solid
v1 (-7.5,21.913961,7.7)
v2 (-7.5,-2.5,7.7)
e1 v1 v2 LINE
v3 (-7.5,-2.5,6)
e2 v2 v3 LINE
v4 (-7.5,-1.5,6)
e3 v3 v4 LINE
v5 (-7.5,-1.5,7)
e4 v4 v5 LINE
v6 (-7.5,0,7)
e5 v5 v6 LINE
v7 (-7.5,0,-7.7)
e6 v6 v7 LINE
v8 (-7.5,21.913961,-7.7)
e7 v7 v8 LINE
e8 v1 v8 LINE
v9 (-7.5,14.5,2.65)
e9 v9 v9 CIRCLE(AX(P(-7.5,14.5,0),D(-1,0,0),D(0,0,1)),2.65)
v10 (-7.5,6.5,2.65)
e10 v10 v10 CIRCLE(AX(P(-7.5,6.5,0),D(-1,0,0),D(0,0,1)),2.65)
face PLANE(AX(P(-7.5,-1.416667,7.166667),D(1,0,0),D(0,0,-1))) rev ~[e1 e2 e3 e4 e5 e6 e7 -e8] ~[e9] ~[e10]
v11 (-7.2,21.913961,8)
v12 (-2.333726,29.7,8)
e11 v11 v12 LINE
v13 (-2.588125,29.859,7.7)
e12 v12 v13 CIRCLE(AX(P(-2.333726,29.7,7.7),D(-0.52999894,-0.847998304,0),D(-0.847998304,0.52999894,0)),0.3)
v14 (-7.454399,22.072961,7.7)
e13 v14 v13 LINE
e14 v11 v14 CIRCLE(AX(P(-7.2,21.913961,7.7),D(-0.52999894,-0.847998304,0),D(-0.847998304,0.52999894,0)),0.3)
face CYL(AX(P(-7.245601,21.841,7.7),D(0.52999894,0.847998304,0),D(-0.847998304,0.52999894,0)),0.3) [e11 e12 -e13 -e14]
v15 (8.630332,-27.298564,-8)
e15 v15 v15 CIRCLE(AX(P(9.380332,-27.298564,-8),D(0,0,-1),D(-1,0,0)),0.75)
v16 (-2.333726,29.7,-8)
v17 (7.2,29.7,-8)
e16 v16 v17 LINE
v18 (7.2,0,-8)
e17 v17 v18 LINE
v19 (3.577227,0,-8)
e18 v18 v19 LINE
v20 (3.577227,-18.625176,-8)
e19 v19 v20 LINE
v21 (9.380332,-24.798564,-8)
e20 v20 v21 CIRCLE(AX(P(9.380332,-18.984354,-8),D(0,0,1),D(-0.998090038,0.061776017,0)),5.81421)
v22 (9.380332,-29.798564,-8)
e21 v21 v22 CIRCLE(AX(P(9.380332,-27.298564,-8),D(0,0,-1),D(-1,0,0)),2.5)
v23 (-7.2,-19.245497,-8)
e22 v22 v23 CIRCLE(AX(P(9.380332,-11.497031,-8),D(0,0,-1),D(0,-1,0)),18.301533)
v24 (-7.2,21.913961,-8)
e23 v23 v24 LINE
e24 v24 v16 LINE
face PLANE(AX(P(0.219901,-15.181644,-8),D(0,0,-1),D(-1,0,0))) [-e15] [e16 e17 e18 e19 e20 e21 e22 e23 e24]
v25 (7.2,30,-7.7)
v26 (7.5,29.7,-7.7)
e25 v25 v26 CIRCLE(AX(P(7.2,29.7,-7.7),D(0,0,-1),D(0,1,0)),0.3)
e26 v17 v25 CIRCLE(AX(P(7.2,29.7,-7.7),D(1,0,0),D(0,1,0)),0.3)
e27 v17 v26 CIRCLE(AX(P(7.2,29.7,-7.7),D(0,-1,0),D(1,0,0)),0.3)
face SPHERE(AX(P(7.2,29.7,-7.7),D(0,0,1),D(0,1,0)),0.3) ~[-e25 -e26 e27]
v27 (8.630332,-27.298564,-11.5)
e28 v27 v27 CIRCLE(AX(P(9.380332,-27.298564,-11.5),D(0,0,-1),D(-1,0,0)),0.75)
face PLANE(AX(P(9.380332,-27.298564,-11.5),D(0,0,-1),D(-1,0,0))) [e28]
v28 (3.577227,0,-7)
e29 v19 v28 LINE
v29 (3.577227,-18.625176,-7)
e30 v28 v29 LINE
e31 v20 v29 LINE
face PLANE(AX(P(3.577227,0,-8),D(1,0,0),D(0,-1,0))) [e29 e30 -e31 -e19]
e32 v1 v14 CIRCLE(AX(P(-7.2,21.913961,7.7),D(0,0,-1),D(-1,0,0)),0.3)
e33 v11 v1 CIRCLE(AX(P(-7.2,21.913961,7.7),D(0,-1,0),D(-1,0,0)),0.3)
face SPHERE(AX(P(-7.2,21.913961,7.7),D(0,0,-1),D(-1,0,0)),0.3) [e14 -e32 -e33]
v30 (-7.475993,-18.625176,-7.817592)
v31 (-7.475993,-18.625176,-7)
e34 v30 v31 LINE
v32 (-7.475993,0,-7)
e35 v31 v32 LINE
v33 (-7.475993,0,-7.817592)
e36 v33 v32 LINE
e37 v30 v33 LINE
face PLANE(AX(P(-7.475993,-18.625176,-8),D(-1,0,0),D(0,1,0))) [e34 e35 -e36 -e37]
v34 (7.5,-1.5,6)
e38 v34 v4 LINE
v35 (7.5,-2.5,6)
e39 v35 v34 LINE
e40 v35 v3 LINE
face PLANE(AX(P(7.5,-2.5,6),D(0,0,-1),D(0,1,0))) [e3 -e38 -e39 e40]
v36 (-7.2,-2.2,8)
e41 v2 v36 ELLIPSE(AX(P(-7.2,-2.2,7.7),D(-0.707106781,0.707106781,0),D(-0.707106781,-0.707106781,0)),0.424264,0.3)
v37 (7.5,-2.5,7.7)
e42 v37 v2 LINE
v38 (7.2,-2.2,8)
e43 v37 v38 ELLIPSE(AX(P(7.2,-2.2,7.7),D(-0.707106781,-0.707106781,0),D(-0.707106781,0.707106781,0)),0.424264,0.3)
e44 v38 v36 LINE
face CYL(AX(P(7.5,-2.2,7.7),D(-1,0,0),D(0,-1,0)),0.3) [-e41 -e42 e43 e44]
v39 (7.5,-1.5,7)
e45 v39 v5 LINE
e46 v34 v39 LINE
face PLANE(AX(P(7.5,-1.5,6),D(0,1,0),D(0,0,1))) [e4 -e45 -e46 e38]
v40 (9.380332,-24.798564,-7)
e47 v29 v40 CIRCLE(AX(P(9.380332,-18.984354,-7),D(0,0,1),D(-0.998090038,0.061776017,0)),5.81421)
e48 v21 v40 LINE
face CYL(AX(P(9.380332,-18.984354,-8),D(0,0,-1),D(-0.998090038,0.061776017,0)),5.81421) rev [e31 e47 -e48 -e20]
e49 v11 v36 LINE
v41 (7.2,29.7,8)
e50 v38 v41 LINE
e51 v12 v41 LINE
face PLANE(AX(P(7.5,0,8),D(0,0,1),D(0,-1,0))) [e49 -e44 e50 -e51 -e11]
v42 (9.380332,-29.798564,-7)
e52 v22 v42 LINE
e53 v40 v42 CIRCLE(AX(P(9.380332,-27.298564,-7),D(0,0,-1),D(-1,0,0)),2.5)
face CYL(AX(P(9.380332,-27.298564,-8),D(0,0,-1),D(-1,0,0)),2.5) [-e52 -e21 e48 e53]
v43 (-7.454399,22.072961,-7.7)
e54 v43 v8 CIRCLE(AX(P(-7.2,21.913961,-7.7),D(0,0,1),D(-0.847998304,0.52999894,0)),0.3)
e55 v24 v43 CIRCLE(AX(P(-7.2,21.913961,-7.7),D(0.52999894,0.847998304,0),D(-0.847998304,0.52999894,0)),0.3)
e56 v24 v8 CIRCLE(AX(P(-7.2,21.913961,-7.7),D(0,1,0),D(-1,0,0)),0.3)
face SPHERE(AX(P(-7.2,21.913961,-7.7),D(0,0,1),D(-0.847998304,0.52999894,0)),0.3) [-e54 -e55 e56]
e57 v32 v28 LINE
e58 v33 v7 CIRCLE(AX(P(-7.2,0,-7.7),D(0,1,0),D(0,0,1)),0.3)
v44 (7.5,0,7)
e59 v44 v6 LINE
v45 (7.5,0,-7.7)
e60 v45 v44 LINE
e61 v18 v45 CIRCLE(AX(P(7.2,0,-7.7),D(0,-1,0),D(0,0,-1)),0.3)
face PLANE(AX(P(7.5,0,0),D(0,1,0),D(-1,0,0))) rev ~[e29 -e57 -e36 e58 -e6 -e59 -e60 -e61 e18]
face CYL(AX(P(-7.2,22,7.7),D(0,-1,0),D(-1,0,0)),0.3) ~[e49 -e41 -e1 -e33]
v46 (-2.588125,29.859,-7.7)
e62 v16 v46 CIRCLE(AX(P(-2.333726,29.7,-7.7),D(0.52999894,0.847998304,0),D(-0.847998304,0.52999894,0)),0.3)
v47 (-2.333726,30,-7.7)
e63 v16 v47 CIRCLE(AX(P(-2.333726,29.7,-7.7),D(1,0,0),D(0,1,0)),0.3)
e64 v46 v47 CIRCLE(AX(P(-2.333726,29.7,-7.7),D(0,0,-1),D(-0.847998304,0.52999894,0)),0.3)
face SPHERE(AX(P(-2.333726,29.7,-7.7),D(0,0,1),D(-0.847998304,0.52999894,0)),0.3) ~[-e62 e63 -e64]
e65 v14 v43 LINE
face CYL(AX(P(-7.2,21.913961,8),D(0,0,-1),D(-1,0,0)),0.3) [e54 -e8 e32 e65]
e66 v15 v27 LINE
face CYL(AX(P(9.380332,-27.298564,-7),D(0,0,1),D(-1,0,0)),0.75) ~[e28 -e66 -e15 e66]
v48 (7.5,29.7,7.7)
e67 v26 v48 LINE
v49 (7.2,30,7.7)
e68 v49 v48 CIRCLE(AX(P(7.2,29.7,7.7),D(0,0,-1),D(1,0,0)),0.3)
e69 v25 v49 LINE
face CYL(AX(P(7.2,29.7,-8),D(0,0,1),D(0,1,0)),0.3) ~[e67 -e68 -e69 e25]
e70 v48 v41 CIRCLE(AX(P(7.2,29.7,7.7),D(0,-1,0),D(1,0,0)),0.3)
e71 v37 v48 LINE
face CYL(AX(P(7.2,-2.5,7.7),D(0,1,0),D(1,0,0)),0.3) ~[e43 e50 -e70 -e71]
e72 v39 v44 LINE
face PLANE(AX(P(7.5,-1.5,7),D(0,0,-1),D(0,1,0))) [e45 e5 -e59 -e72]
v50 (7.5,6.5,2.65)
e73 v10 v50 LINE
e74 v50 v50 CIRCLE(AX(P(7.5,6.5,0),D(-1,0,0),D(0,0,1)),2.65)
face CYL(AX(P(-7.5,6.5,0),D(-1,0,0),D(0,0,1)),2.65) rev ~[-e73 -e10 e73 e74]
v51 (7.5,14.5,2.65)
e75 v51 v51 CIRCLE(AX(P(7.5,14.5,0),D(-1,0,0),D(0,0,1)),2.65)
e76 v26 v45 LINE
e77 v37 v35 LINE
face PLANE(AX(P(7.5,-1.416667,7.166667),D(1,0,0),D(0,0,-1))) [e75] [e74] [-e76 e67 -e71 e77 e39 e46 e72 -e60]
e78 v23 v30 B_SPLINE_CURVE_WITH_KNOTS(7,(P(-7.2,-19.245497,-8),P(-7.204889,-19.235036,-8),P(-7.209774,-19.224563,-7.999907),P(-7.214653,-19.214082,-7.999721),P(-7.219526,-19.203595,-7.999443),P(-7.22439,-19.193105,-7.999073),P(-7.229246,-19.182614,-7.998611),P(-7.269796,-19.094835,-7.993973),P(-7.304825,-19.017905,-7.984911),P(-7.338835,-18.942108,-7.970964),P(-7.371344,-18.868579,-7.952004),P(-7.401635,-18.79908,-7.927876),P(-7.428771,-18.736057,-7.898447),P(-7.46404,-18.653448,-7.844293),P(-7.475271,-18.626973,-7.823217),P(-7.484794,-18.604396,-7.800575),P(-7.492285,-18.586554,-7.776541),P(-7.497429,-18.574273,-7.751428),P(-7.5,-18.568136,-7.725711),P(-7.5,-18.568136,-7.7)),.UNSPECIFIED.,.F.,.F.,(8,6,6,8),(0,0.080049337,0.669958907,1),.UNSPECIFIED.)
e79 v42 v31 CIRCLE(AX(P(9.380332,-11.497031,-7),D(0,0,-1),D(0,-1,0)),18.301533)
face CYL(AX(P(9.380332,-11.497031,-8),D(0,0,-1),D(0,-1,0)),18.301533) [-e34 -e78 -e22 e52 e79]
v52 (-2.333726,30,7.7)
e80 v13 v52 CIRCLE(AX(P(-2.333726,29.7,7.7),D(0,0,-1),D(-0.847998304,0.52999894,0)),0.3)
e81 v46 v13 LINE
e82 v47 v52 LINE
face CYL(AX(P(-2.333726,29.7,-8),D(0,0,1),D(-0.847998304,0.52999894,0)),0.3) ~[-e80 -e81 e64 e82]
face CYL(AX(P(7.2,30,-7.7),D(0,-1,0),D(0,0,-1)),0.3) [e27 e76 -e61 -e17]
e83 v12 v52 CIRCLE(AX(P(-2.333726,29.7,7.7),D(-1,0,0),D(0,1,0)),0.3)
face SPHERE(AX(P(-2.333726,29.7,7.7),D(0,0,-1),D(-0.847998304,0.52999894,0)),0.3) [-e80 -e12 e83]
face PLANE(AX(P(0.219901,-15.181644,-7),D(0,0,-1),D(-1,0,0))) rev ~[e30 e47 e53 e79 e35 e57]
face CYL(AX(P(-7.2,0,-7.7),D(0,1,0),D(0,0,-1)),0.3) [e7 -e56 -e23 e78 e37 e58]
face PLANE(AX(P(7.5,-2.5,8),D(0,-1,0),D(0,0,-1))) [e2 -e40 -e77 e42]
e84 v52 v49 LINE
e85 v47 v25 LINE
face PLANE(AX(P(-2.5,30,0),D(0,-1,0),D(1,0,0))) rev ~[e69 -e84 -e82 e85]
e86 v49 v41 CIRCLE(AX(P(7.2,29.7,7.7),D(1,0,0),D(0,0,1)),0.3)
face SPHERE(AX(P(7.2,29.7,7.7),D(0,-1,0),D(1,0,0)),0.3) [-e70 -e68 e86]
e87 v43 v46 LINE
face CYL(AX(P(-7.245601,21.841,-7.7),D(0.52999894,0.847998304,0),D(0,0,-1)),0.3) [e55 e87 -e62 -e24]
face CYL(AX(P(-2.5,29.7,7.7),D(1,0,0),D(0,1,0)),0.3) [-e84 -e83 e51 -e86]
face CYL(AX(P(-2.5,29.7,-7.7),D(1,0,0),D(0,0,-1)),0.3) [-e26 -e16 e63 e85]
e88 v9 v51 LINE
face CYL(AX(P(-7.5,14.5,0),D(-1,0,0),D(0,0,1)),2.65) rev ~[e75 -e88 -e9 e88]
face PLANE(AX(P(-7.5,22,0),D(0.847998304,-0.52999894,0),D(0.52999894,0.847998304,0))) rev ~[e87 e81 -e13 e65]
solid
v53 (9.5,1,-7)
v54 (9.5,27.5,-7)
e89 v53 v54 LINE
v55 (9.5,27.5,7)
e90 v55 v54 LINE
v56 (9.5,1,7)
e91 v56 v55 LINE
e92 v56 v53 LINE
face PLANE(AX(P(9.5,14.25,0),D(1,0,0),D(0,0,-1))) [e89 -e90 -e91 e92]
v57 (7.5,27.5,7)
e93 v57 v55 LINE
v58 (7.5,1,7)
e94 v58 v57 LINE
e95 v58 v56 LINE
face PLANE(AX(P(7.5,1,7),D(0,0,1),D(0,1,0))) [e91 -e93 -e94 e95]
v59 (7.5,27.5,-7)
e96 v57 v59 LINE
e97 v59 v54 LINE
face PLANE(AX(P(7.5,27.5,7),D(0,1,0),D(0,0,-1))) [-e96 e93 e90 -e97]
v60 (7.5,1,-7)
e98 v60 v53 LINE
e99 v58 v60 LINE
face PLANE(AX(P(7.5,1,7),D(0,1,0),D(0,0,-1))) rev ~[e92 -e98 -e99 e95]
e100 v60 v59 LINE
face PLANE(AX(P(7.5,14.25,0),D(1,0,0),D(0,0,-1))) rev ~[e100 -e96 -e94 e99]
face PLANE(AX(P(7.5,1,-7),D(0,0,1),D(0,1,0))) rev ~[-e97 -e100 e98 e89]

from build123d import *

# Parameters (mm, degrees)
BOSS_EXTRUDE1_DEPTH      = 8
BOSS_EXTRUDE4_DEPTH      = 15
SKETCH3_R                = 2.65
CUT_EXTRUDE1_DEPTH       = 35.481879299
SKETCH5_W                = 14
SKETCH5_H                = 26.5
BOSS_EXTRUDE6_DEPTH      = 2
SKETCH6_R                = 2.5
SKETCH6_R_2              = 0.75
BOSS_EXTRUDE7_DEPTH      = 1
BOSS_EXTRUDE8_DEPTH      = 3.5
BOSS_EXTRUDE8_DEPTH_BACK = 1
SKETCH6_3_R              = 0.75
FILLET1_R                = 0.3


with BuildPart() as part:
    # Sketch1 → Boss-Extrude1 (new, symmetric)
    with BuildSketch(Plane.XY):
        Polygon((7.5, 0), (-7.5, 0), (-7.5, 22), (-2.5, 30), (7.5, 30), align=None)
    extrude(amount=BOSS_EXTRUDE1_DEPTH, both=True)

    # Sketch2 → Boss-Extrude4 (add, through all)
    with BuildSketch(Plane(origin=(7.5, 0, 0), x_dir=(0, 0, -1), z_dir=(1, 0, 0))):
        Polygon((-7, 0), (-8, 0), (-8, -2.5), (-6, -2.5), (-6, -1.5), (-7, -1.5), align=None)
    extrude(amount=-BOSS_EXTRUDE4_DEPTH)

    # Sketch3 → Cut-Extrude1 (cut, through all)
    with BuildSketch(Plane.ZY.offset(7.5)):
        with Locations((0, 14.5)):
            Circle(SKETCH3_R)
        with Locations((0, 6.5)):
            Circle(SKETCH3_R)
    extrude(amount=-CUT_EXTRUDE1_DEPTH, mode=Mode.SUBTRACT)

    # Sketch6 → Boss-Extrude7 (add)
    # profile 1 of 2: a face of its own
    with BuildSketch(Plane(origin=(0, 0, -8), x_dir=(-1, 0, 0), z_dir=(0, 0, -1))):
        with BuildLine():
            ThreePointArc((-9.380331513, -29.798564223), (0.731298937, -26.751572871), (7.475992833, -18.625175706))
            Line((7.475992833, -18.625175706), (7.475992833, 0))
            Line((7.475992833, 0), (-3.577226639, 0))
            Line((-3.577226639, 0), (-3.577226639, -18.625175706))
            ThreePointArc((-3.577226639, -18.625175706), (-5.143978366, -22.966608507), (-9.380331513, -24.798564223))
            ThreePointArc((-9.380331513, -24.798564223), (-7.61256456, -25.53079727), (-6.880331513, -27.298564223))
            ThreePointArc((-6.880331513, -27.298564223), (-7.61256456, -29.066331176), (-9.380331513, -29.798564223))
        make_face()
    # profile 2 of 2: a face of its own
    with BuildSketch(Plane(origin=(0, 0, -8), x_dir=(-1, 0, 0), z_dir=(0, 0, -1))):
        with Locations((-9.380331513, -27.298564223)):
            Circle(SKETCH6_R)
        with Locations((-9.380331513, -27.298564223)):
            Circle(SKETCH6_R_2, mode=Mode.SUBTRACT)
    extrude(amount=-BOSS_EXTRUDE7_DEPTH)

    # Sketch6<3> → Boss-Extrude8 (add, two sides: drawn at the far end of the back side and taken through both)
    with BuildSketch(Plane(origin=(0, 0, -8), x_dir=(-1, 0, 0), z_dir=(0, 0, -1)).offset(-BOSS_EXTRUDE8_DEPTH_BACK)):
        with Locations((-9.380331513, -27.298564223)):
            Circle(SKETCH6_3_R)
    extrude(amount=BOSS_EXTRUDE8_DEPTH + BOSS_EXTRUDE8_DEPTH_BACK)

    # Fillet1
    fillet1_edges = [part.edges().sort_by_distance(p)[0] for p in [
        (0, -2.5, 8),
        (-7.5, 9.75, 8),
        (7.5, 13.75, 8),
        (7.5, 30, 0),
        (2.5, 30, 8),
        (2.5, 30, -8),
        (-2.5, 30, 0),
        (-5, 26, 8),
        (-7.5, 22, 0),
        (-5, 26, -8),
        (-7.5, 11, -8),
        (7.5, 15, -8),
    ]]
    fillet(fillet1_edges, radius=FILLET1_R)


with BuildPart() as body_2:
    # Sketch5 → Boss-Extrude6 (new body)
    with BuildSketch(Plane(origin=(7.5, 0, 0), x_dir=(0, 0, -1), z_dir=(1, 0, 0))):
        with Locations((0, 14.25)):
            Rectangle(SKETCH5_W, SKETCH5_H)
    extrude(amount=BOSS_EXTRUDE6_DEPTH)


solid = Compound([part.part, body_2.part])
